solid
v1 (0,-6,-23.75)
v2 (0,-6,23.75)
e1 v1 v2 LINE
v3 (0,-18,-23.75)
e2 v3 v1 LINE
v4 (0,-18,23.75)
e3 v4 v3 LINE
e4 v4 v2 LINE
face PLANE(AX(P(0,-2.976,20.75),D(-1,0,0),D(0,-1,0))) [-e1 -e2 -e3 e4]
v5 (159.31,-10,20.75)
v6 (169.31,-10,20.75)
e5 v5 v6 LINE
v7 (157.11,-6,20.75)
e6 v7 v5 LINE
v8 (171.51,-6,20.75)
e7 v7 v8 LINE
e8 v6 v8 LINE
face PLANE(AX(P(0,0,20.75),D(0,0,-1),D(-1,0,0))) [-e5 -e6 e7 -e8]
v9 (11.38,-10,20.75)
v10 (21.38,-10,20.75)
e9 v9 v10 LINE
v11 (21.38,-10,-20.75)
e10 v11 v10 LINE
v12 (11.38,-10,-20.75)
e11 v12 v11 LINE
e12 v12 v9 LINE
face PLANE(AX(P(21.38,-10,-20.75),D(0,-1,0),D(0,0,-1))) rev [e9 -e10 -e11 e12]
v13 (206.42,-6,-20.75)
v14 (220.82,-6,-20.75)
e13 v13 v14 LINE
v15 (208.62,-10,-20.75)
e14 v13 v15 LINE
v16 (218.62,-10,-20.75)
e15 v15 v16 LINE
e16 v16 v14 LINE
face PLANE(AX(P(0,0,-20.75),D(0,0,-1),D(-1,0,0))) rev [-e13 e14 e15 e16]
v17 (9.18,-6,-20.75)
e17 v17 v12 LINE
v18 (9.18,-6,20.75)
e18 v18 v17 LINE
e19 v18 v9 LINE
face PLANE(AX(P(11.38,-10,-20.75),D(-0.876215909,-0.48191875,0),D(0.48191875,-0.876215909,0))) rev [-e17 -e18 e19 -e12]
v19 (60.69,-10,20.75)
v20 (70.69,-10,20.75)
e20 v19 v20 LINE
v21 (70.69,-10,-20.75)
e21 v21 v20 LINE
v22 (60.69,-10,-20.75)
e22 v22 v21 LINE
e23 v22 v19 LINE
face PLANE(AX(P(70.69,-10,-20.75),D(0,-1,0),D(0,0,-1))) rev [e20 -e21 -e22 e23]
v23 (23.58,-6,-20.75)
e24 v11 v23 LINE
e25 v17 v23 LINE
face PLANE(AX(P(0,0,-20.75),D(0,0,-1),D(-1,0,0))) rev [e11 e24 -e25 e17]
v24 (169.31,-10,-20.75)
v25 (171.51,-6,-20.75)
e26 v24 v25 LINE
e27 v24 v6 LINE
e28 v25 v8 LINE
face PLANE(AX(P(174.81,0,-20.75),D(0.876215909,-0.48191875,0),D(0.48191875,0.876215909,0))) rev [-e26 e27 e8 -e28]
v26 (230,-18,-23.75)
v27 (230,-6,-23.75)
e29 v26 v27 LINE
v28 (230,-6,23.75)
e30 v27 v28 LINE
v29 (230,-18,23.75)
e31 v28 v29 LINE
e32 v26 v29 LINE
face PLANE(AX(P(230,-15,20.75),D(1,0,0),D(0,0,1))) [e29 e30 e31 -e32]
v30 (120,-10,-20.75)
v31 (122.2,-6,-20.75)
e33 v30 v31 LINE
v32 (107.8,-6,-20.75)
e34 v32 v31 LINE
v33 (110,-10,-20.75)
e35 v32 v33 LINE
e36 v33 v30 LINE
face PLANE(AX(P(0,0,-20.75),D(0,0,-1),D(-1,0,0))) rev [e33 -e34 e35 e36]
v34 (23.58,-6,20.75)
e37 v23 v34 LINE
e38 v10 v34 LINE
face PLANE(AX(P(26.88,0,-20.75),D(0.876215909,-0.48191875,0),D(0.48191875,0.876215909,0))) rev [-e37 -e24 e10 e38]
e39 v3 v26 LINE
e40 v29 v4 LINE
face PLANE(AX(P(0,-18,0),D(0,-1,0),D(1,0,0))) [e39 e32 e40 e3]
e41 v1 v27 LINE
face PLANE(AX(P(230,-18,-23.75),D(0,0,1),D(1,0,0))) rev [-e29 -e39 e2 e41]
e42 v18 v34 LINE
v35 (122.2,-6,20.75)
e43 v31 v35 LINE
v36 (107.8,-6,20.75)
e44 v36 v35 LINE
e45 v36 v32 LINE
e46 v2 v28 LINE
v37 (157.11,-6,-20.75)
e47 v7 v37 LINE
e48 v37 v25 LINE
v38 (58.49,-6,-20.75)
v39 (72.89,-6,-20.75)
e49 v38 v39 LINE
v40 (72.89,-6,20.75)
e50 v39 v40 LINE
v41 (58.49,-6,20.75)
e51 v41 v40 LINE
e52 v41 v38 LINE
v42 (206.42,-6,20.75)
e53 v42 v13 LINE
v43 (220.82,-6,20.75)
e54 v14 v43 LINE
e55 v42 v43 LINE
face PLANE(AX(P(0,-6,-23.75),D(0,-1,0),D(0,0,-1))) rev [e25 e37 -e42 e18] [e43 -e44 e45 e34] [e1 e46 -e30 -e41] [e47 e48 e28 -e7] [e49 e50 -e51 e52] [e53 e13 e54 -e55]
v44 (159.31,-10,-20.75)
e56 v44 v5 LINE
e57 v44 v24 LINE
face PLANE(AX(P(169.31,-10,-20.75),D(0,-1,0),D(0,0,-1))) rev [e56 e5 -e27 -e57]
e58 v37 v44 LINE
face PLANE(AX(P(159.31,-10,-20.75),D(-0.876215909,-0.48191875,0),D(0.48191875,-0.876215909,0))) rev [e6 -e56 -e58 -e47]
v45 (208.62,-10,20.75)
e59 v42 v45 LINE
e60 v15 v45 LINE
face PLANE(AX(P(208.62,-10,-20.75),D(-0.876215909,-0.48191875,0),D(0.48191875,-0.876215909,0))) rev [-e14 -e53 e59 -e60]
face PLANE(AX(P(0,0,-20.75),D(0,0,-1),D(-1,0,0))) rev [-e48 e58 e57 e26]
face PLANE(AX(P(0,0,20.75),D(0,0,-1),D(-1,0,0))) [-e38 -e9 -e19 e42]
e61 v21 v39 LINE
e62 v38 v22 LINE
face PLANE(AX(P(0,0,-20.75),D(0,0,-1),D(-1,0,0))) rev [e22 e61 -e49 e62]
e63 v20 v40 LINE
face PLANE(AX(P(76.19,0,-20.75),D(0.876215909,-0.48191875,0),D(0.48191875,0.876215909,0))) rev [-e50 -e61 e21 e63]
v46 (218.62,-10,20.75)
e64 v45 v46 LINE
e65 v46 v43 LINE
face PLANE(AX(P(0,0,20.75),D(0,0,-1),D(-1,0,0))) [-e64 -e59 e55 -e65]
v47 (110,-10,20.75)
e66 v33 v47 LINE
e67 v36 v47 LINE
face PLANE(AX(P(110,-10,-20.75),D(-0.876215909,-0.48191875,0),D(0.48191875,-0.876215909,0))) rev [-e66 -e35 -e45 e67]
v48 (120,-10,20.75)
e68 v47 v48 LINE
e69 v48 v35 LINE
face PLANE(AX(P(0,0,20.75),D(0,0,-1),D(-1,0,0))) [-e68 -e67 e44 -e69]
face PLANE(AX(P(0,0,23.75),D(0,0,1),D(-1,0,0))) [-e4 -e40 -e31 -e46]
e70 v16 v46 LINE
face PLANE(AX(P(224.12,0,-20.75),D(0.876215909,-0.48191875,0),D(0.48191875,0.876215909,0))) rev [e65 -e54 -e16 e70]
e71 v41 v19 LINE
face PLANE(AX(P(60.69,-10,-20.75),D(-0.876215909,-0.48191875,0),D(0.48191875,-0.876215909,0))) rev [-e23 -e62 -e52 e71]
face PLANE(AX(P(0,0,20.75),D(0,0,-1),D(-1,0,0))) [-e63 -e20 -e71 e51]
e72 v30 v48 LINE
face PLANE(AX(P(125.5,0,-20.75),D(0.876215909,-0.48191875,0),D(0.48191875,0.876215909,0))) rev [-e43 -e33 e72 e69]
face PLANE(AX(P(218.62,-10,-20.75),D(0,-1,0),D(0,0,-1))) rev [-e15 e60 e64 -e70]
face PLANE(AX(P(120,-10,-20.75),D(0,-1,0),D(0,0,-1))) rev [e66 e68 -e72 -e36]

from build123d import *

# Parameters (mm, degrees)
EXTRUDE_1_DEPTH     = 19.2
SKETCH_9_W          = 230
SKETCH_9_H          = 17.5
SKETCH_9_R          = 2.1
EXTRUDE_2_DEPTH     = 3
SKETCH_13_W         = 230
SKETCH_13_H         = 16
SKETCH_13_R         = 2.1
EXTRUDE_3_DEPTH     = 1.55
SKETCH_14_W         = 230
SKETCH_14_H         = 47.5
SKETCH_14_R         = 2.1
EXTRUDE_4_DEPTH     = 3
SKETCH_15_W         = 208.313471068
SKETCH_15_H         = 9.29970853
EXTRUDE_5_DEPTH     = 47.5
SKETCH_16_W         = 230
SKETCH_16_H         = 33.21324475
EXTRUDE_6_DEPTH     = 3
SKETCH_18_W         = 230
SKETCH_18_H         = 20.5
EXTRUDE_7_DEPTH     = 44.5
SKETCH_19_W         = 230
SKETCH_19_H         = 8.5
CUT_EXTRUDE_1_DEPTH = 236.542459017
CUT_EXTRUDE_2_DEPTH = 20.75


with BuildPart() as part:
    # ｽｹｯﾁ5 → ﾎﾞｽ - 押し出し1 (new body)
    with BuildSketch(Plane.XY.offset(-1.55)):
        with BuildLine():
            Line((230, -2.976), (227.539284327, -2.976))
            ThreePointArc((227.539284327, -2.976), (226.75348461, -2.728238301), (226.251905437, -2.074567596))
            Line((226.251905437, -2.074567596), (225.496824583, 0))
            Line((225.496824583, 0), (219.003175417, 0))
            Line((219.003175417, 0), (218.248094563, -2.074567596))
            ThreePointArc((218.248094563, -2.074567596), (217.74651539, -2.728238301), (216.960715673, -2.976))
            Line((216.960715673, -2.976), (214.839284327, -2.976))
            ThreePointArc((214.839284327, -2.976), (214.05348461, -2.728238301), (213.551905437, -2.074567596))
            Line((213.551905437, -2.074567596), (212.796824583, 0))
            Line((212.796824583, 0), (206.303175417, 0))
            Line((206.303175417, 0), (205.548094563, -2.074567596))
            ThreePointArc((205.548094563, -2.074567596), (205.04651539, -2.728238301), (204.260715673, -2.976))
            Line((204.260715673, -2.976), (202.139284327, -2.976))
            ThreePointArc((202.139284327, -2.976), (201.35348461, -2.728238301), (200.851905437, -2.074567596))
            Line((200.851905437, -2.074567596), (200.096824583, 0))
            Line((200.096824583, 0), (193.603175417, 0))
            Line((193.603175417, 0), (192.848094563, -2.074567596))
            ThreePointArc((192.848094563, -2.074567596), (192.34651539, -2.728238301), (191.560715673, -2.976))
            Line((191.560715673, -2.976), (189.439284327, -2.976))
            ThreePointArc((189.439284327, -2.976), (188.65348461, -2.728238301), (188.151905437, -2.074567596))
            Line((188.151905437, -2.074567596), (187.396824583, 0))
            Line((187.396824583, 0), (180.903175417, 0))
            Line((180.903175417, 0), (180.148094563, -2.074567596))
            ThreePointArc((180.148094563, -2.074567596), (179.64651539, -2.728238301), (178.860715673, -2.976))
            Line((178.860715673, -2.976), (176.739284327, -2.976))
            ThreePointArc((176.739284327, -2.976), (175.95348461, -2.728238301), (175.451905437, -2.074567596))
            Line((175.451905437, -2.074567596), (174.696824583, 0))
            Line((174.696824583, 0), (168.203175417, 0))
            Line((168.203175417, 0), (167.448094563, -2.074567596))
            ThreePointArc((167.448094563, -2.074567596), (166.94651539, -2.728238301), (166.160715673, -2.976))
            Line((166.160715673, -2.976), (164.039284327, -2.976))
            ThreePointArc((164.039284327, -2.976), (163.25348461, -2.728238301), (162.751905437, -2.074567596))
            Line((162.751905437, -2.074567596), (161.996824583, 0))
            Line((161.996824583, 0), (155.503175417, 0))
            Line((155.503175417, 0), (154.748094563, -2.074567596))
            ThreePointArc((154.748094563, -2.074567596), (154.24651539, -2.728238301), (153.460715673, -2.976))
            Line((153.460715673, -2.976), (151.339284327, -2.976))
            ThreePointArc((151.339284327, -2.976), (150.55348461, -2.728238301), (150.051905437, -2.074567596))
            Line((150.051905437, -2.074567596), (149.296824583, 0))
            Line((149.296824583, 0), (142.803175417, 0))
            Line((142.803175417, 0), (142.048094563, -2.074567596))
            ThreePointArc((142.048094563, -2.074567596), (141.54651539, -2.728238301), (140.760715673, -2.976))
            Line((140.760715673, -2.976), (138.639284327, -2.976))
            ThreePointArc((138.639284327, -2.976), (137.85348461, -2.728238301), (137.351905437, -2.074567596))
            Line((137.351905437, -2.074567596), (136.596824583, 0))
            Line((136.596824583, 0), (130.103175417, 0))
            Line((130.103175417, 0), (129.348094563, -2.074567596))
            ThreePointArc((129.348094563, -2.074567596), (128.84651539, -2.728238301), (128.060715673, -2.976))
            Line((128.060715673, -2.976), (125.939284327, -2.976))
            ThreePointArc((125.939284327, -2.976), (125.15348461, -2.728238301), (124.651905437, -2.074567596))
            Line((124.651905437, -2.074567596), (123.896824583, 0))
            Line((123.896824583, 0), (117.403175417, 0))
            Line((117.403175417, 0), (116.648094563, -2.074567596))
            ThreePointArc((116.648094563, -2.074567596), (116.14651539, -2.728238301), (115.360715673, -2.976))
            Line((115.360715673, -2.976), (113.239284327, -2.976))
            ThreePointArc((113.239284327, -2.976), (112.45348461, -2.728238301), (111.951905437, -2.074567596))
            Line((111.951905437, -2.074567596), (111.196824583, 0))
            Line((111.196824583, 0), (104.703175417, 0))
            Line((104.703175417, 0), (103.948094563, -2.074567596))
            ThreePointArc((103.948094563, -2.074567596), (103.44651539, -2.728238301), (102.660715673, -2.976))
            Line((102.660715673, -2.976), (100.539284327, -2.976))
            ThreePointArc((100.539284327, -2.976), (99.75348461, -2.728238301), (99.251905437, -2.074567596))
            Line((99.251905437, -2.074567596), (98.496824583, 0))
            Line((98.496824583, 0), (92.003175417, 0))
            Line((92.003175417, 0), (91.248094563, -2.074567596))
            ThreePointArc((91.248094563, -2.074567596), (90.74651539, -2.728238301), (89.960715673, -2.976))
            Line((89.960715673, -2.976), (87.839284327, -2.976))
            ThreePointArc((87.839284327, -2.976), (87.05348461, -2.728238301), (86.551905437, -2.074567596))
            Line((86.551905437, -2.074567596), (85.796824583, 0))
            Line((85.796824583, 0), (79.303175417, 0))
            Line((79.303175417, 0), (78.548094563, -2.074567596))
            ThreePointArc((78.548094563, -2.074567596), (78.04651539, -2.728238301), (77.260715673, -2.976))
            Line((77.260715673, -2.976), (75.139284327, -2.976))
            ThreePointArc((75.139284327, -2.976), (74.35348461, -2.728238301), (73.851905437, -2.074567596))
            Line((73.851905437, -2.074567596), (73.096824583, 0))
            Line((73.096824583, 0), (66.603175417, 0))
            Line((66.603175417, 0), (65.848094563, -2.074567596))
            ThreePointArc((65.848094563, -2.074567596), (65.34651539, -2.728238301), (64.560715673, -2.976))
            Line((64.560715673, -2.976), (62.439284327, -2.976))
            ThreePointArc((62.439284327, -2.976), (61.65348461, -2.728238301), (61.151905437, -2.074567596))
            Line((61.151905437, -2.074567596), (60.396824583, 0))
            Line((60.396824583, 0), (53.903175417, 0))
            Line((53.903175417, 0), (53.148094563, -2.074567596))
            ThreePointArc((53.148094563, -2.074567596), (52.64651539, -2.728238301), (51.860715673, -2.976))
            Line((51.860715673, -2.976), (49.739284327, -2.976))
            ThreePointArc((49.739284327, -2.976), (48.95348461, -2.728238301), (48.451905437, -2.074567596))
            Line((48.451905437, -2.074567596), (47.696824583, 0))
            Line((47.696824583, 0), (41.203175417, 0))
            Line((41.203175417, 0), (40.448094563, -2.074567596))
            ThreePointArc((40.448094563, -2.074567596), (39.94651539, -2.728238301), (39.160715673, -2.976))
            Line((39.160715673, -2.976), (37.039284327, -2.976))
            ThreePointArc((37.039284327, -2.976), (36.25348461, -2.728238301), (35.751905437, -2.074567596))
            Line((35.751905437, -2.074567596), (34.996824583, 0))
            Line((34.996824583, 0), (28.503175417, 0))
            Line((28.503175417, 0), (27.748094563, -2.074567596))
            ThreePointArc((27.748094563, -2.074567596), (27.24651539, -2.728238301), (26.460715673, -2.976))
            Line((26.460715673, -2.976), (24.339284327, -2.976))
            ThreePointArc((24.339284327, -2.976), (23.55348461, -2.728238301), (23.051905437, -2.074567596))
            Line((23.051905437, -2.074567596), (22.296824583, 0))
            Line((22.296824583, 0), (15.803175417, 0))
            Line((15.803175417, 0), (15.048094563, -2.074567596))
            ThreePointArc((15.048094563, -2.074567596), (14.54651539, -2.728238301), (13.760715673, -2.976))
            Line((13.760715673, -2.976), (11.639284327, -2.976))
            ThreePointArc((11.639284327, -2.976), (10.85348461, -2.728238301), (10.351905437, -2.074567596))
            Line((10.351905437, -2.074567596), (9.596824583, 0))
            Line((9.596824583, 0), (3.103175417, 0))
            Line((3.103175417, 0), (2.348094563, -2.074567596))
            ThreePointArc((2.348094563, -2.074567596), (1.84651539, -2.728238301), (1.060715673, -2.976))
            Line((1.060715673, -2.976), (0, -2.976))
            Line((0, -2.976), (0, -15))
            Line((0, -15), (230, -15))
            Line((230, -15), (230, -2.976))
        make_face()
    extrude(amount=-EXTRUDE_1_DEPTH)


with BuildPart() as body_2:
    # ｽｹｯﾁ9 → ﾎﾞｽ - 押し出し2 (new body)
    with BuildSketch(Plane(origin=(0, 0, -20.75), x_dir=(-1, 0, 0), z_dir=(0, 0, -1))):
        with Locations((-115, -6.25)):
            Rectangle(SKETCH_9_W, SKETCH_9_H)
        with Locations((-25, -7)):
            Circle(SKETCH_9_R, mode=Mode.SUBTRACT)
        with Locations((-85, -7)):
            Circle(SKETCH_9_R, mode=Mode.SUBTRACT)
        with Locations(Location((-145, -7, 0), (0, 0, 180))):
            Circle(SKETCH_9_R, mode=Mode.SUBTRACT)
        with Locations(Location((-205, -7, 0), (0, 0, 180))):
            Circle(SKETCH_9_R, mode=Mode.SUBTRACT)
    extrude(amount=EXTRUDE_2_DEPTH)


with BuildPart() as body_3:
    # ｽｹｯﾁ13 → ﾎﾞｽ - 押し出し3 (new, symmetric)
    with BuildSketch(Plane.XY):
        with Locations((115, -7)):
            Rectangle(SKETCH_13_W, SKETCH_13_H)
        with Locations(Location((85, -7, 0), (0, 0, 180))):
            Circle(SKETCH_13_R, mode=Mode.SUBTRACT)
        with Locations(Location((25, -7, 0), (0, 0, 180))):
            Circle(SKETCH_13_R, mode=Mode.SUBTRACT)
        with Locations((205, -7)):
            Circle(SKETCH_13_R, mode=Mode.SUBTRACT)
        with Locations((145, -7)):
            Circle(SKETCH_13_R, mode=Mode.SUBTRACT)
    extrude(amount=EXTRUDE_3_DEPTH, both=True)


with BuildPart() as body_4:
    # ﾐﾗｰ1: mirrored copy
    add(part.part.mirror(Plane.XY))


with BuildPart() as body_5:
    # Mirror 1 2: mirrored copy
    add(body_2.part.mirror(Plane.XY))


with BuildPart() as body_6:
    # ｽｹｯﾁ14 → ﾎﾞｽ - 押し出し4 (new body)
    with BuildSketch(Plane.XZ.offset(15)):
        with Locations((115, 0)):
            Rectangle(SKETCH_14_W, SKETCH_14_H)
        with Locations(Location((7, 11.15, 0), (0, 0, 180))):
            Circle(SKETCH_14_R, mode=Mode.SUBTRACT)
        with Locations((121.5, -11.15)):
            Circle(SKETCH_14_R, mode=Mode.SUBTRACT)
        with Locations((223, -11.15)):
            Circle(SKETCH_14_R, mode=Mode.SUBTRACT)
        with Locations((7, -11.15)):
            Circle(SKETCH_14_R, mode=Mode.SUBTRACT)
        with Locations(Location((223, 11.15, 0), (0, 0, 180))):
            Circle(SKETCH_14_R, mode=Mode.SUBTRACT)
        with Locations(Location((121.5, 11.15, 0), (0, 0, 180))):
            Circle(SKETCH_14_R, mode=Mode.SUBTRACT)
    extrude(amount=EXTRUDE_4_DEPTH)


with BuildPart() as body_4_1:
    add(body_4.part)

    # Combine 2: union part, body 5, body 6, body 3, body 2
    add(part.part)
    add(body_5.part)
    add(body_6.part)
    add(body_3.part)
    add(body_2.part)

    # ｽｹｯﾁ15 → ﾎﾞｽ - 押し出し5 (add)
    with BuildSketch(Plane(origin=(0, 0, -23.75), x_dir=(-1, 0, 0), z_dir=(0, 0, -1))):
        with Locations((-110.084439777, -7.625854265)):
            Rectangle(SKETCH_15_W, SKETCH_15_H)
    extrude(amount=-EXTRUDE_5_DEPTH)

    # ｽｹｯﾁ16 → ﾎﾞｽ - 押し出し6 (add)
    with BuildSketch(Plane.XZ.offset(18)):
        with Locations((115, 1.195676811)):
            Rectangle(SKETCH_16_W, SKETCH_16_H)
    extrude(amount=-EXTRUDE_6_DEPTH)

    # ｽｹｯﾁ18 → ﾎﾞｽ - 押し出し7 (add)
    with BuildSketch(Plane.XY.offset(23.75)):
        with Locations((115, -7.75)):
            Rectangle(SKETCH_18_W, SKETCH_18_H)
    extrude(amount=-EXTRUDE_7_DEPTH)

    # ｽｹｯﾁ19 → ｶｯﾄ - 押し出し1 (cut, through all)
    with BuildSketch(Plane.XY.offset(23.75)):
        with Locations((115, -1.75)):
            Rectangle(SKETCH_19_W, SKETCH_19_H)
    extrude(amount=-CUT_EXTRUDE_1_DEPTH, mode=Mode.SUBTRACT)

    # ｽｹｯﾁ17 → ｶｯﾄ - 押し出し2 (cut, symmetric)
    with BuildSketch(Plane.XY):
        Polygon((5.88, 0), (26.88, 0), (21.38, -10), (11.38, -10), align=None)
        Polygon((55.19, 0), (76.19, 0), (70.69, -10), (60.69, -10), align=None)
        Polygon((104.5, 0), (125.5, 0), (120, -10), (110, -10), align=None)
        Polygon((153.81, 0), (174.81, 0), (169.31, -10), (159.31, -10), align=None)
        Polygon((203.12, 0), (224.12, 0), (218.62, -10), (208.62, -10), align=None)
    extrude(amount=CUT_EXTRUDE_2_DEPTH, both=True, mode=Mode.SUBTRACT)


solid = body_4_1.part
